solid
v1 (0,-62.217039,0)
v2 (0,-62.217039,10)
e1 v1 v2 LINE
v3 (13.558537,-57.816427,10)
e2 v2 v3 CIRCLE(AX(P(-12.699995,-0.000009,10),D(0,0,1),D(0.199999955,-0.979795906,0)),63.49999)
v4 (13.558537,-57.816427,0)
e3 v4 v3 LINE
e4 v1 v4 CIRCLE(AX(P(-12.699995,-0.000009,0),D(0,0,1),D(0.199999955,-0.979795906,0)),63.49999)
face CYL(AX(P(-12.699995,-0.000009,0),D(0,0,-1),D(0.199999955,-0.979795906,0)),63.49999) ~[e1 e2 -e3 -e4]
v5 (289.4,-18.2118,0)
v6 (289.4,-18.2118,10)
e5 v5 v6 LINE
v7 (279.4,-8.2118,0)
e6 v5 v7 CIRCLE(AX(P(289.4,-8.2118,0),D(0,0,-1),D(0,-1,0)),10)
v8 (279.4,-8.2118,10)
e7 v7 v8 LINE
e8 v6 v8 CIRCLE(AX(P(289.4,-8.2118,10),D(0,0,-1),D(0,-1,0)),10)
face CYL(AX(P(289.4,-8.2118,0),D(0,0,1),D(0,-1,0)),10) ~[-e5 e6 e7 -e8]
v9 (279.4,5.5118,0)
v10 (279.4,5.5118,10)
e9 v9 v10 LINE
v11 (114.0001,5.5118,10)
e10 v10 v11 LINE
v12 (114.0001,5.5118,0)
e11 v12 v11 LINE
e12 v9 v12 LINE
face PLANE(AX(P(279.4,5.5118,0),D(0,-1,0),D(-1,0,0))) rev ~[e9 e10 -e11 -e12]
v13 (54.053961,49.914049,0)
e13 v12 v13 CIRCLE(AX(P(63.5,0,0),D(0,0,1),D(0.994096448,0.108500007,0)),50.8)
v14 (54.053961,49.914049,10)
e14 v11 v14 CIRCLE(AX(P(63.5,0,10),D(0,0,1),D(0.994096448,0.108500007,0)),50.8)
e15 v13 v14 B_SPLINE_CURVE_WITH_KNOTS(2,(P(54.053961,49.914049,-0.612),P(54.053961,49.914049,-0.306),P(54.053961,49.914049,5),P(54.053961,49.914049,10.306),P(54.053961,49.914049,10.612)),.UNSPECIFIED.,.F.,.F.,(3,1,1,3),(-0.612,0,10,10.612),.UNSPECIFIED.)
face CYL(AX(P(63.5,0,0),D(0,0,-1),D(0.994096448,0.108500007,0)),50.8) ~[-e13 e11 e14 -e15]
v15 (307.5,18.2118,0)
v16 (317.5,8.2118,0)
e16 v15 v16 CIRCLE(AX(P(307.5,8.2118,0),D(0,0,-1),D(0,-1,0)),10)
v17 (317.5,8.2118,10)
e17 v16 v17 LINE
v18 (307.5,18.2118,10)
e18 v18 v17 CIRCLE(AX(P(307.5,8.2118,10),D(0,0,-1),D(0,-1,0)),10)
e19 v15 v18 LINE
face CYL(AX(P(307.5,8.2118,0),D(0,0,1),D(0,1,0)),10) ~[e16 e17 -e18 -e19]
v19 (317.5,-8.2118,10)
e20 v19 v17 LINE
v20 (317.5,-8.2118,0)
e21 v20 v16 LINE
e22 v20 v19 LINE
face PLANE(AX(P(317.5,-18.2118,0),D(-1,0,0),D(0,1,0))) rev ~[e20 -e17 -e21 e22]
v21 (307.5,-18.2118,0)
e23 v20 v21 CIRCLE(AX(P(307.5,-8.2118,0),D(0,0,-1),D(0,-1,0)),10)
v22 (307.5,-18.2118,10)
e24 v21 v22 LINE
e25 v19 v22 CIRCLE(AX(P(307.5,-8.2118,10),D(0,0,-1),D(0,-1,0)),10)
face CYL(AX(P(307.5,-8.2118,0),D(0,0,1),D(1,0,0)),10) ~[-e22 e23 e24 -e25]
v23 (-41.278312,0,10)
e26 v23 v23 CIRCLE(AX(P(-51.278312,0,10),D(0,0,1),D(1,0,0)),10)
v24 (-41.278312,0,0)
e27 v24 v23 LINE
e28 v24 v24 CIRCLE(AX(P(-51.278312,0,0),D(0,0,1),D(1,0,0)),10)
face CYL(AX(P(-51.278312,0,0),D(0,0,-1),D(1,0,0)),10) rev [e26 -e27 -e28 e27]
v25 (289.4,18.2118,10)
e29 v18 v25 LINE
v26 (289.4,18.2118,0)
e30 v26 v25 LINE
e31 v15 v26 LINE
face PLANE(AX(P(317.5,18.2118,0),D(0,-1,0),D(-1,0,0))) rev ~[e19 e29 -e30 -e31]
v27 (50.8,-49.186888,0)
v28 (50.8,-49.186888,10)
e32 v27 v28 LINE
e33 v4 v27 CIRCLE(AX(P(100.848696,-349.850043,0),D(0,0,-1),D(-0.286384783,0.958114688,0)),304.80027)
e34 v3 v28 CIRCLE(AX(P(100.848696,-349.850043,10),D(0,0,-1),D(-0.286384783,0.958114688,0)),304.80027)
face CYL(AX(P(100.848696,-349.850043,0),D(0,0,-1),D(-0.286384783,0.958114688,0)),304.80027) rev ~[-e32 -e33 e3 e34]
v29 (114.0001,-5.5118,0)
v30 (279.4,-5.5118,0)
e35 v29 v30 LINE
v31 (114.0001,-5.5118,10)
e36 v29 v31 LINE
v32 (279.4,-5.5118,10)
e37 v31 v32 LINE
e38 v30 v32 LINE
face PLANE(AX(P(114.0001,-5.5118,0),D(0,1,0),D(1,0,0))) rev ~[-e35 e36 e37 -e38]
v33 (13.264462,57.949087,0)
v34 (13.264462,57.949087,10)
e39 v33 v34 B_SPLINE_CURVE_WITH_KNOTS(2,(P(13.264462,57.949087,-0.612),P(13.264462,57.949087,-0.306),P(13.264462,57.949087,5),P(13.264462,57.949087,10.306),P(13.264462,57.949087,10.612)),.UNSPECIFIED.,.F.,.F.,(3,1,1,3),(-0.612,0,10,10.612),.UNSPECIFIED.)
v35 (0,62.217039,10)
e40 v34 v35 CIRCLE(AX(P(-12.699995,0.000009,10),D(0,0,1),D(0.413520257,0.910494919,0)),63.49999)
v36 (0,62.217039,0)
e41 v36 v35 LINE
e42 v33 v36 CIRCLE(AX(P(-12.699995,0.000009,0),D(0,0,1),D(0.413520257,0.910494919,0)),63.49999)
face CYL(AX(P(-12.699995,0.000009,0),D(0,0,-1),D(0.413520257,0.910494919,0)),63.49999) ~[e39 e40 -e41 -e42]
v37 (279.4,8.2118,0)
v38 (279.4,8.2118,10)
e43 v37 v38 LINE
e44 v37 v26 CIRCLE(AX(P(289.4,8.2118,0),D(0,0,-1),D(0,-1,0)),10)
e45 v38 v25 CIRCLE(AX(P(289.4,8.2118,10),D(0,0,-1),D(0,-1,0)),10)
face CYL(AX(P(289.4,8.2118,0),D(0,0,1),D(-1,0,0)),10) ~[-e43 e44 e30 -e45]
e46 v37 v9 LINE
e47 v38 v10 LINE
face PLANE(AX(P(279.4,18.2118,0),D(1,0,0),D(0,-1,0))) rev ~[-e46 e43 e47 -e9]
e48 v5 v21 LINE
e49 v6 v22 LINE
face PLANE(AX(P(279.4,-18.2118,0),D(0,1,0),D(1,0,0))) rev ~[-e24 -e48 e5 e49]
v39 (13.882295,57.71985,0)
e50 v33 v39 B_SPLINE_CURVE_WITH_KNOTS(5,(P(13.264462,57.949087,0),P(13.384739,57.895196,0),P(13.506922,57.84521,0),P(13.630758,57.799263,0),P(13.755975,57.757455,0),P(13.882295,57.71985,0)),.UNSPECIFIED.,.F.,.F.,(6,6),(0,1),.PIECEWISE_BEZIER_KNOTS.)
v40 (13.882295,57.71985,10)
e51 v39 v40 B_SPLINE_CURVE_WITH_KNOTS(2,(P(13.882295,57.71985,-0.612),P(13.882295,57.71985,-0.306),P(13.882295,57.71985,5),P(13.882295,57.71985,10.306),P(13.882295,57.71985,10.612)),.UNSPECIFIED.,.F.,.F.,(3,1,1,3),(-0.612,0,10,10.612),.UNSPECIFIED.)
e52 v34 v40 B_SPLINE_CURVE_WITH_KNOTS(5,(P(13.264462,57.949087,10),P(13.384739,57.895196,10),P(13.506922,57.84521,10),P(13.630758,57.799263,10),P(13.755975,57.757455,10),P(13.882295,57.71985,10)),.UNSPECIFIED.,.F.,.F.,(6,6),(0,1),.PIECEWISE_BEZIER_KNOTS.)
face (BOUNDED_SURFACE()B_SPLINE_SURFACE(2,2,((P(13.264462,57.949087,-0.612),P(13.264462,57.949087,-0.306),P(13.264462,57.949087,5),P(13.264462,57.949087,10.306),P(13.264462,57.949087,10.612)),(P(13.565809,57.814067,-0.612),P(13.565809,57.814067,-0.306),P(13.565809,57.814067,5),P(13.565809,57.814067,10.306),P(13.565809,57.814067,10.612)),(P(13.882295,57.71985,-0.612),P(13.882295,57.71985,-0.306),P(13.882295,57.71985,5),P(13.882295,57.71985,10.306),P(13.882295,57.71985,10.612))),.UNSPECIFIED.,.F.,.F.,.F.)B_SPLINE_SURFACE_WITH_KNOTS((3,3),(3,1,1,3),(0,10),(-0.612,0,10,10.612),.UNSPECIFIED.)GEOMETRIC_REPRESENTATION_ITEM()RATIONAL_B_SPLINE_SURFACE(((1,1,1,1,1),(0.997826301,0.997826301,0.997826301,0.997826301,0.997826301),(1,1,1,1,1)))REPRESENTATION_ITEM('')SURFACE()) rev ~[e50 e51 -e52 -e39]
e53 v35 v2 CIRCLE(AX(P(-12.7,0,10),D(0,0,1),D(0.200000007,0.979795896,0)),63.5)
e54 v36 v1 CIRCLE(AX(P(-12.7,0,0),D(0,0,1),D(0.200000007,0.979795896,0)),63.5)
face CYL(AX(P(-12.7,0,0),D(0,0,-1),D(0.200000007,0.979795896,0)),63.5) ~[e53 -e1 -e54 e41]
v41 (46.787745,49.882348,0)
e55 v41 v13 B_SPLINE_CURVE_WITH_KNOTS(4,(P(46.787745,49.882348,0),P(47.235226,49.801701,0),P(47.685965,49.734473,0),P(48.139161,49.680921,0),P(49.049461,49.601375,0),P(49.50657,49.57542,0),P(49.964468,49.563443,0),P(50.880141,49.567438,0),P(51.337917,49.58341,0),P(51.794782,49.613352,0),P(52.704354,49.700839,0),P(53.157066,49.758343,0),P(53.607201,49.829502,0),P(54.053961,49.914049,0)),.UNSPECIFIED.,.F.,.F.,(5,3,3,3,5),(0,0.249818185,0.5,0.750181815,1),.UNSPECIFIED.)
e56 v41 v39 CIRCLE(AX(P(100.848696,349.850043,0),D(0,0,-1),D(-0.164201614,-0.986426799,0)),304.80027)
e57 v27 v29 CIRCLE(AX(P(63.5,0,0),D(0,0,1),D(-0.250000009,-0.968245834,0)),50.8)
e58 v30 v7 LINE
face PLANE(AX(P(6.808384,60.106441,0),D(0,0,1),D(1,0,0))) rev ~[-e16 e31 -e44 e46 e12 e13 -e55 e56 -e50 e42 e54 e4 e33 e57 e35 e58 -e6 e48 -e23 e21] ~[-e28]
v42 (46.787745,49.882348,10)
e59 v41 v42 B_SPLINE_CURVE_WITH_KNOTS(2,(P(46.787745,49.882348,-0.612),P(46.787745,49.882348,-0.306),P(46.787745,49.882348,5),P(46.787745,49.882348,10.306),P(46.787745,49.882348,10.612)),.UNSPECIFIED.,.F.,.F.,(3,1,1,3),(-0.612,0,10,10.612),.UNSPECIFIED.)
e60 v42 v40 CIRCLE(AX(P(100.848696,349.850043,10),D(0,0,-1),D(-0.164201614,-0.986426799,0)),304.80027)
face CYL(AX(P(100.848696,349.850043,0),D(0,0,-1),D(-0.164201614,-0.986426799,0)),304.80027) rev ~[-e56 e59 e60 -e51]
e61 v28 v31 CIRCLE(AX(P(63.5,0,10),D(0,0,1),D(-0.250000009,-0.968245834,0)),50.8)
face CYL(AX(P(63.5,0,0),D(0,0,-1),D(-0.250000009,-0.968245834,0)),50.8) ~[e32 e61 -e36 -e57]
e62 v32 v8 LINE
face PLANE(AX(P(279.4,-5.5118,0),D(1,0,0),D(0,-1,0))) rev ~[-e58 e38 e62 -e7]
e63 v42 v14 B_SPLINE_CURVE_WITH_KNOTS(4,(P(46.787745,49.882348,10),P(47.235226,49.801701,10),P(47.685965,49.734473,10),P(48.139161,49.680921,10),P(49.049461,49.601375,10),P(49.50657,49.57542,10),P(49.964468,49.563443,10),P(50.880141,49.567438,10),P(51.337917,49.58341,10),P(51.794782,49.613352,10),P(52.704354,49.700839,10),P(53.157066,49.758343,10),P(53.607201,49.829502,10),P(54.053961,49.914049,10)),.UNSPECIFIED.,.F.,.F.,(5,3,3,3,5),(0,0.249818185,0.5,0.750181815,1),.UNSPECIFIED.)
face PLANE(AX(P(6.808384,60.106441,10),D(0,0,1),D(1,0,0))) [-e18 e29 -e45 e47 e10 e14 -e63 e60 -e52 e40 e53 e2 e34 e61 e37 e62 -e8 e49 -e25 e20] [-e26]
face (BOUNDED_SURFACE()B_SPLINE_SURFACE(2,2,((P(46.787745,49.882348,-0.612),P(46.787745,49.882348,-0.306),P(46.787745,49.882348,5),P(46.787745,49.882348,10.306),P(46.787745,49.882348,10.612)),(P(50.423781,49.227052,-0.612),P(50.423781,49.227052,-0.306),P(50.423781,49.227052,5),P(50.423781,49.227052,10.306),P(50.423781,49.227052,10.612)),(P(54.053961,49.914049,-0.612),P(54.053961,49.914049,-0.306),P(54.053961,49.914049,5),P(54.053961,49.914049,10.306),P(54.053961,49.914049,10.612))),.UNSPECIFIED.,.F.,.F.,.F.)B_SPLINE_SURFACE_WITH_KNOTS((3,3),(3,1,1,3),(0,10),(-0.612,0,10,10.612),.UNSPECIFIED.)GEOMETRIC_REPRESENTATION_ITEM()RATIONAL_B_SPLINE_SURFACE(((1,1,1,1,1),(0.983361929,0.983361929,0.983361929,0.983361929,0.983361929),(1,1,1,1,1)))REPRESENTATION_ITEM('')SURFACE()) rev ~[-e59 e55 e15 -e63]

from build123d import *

# Parameters (mm, degrees)
F0_R     = 10
F1_DEPTH = 10
F2_R     = 5
F3_R     = 20
F4_R     = 10
F5_R     = 10


with BuildPart() as f1:
    # F0 (on Top) → F1 (new body)
    with BuildSketch(Plane.XY):
        with BuildLine():
            ThreePointArc((0, 62.217039), (6.753539, 59.93746), (13.558537, 57.816427))
            ThreePointArc((13.558537, 57.816427), (6.903144, 60.3984), (0, 62.217039))
        make_face()
        with BuildLine():
            ThreePointArc((50.8, 49.186888), (32.043845, 52.917227), (13.558537, 57.816427))
            ThreePointArc((13.558537, 57.816427), (6.753539, 59.93746), (0, 62.217039))
            ThreePointArc((0, 62.217039), (-76.2, 0), (0, -62.217039))
            ThreePointArc((0, -62.217039), (6.753539, -59.93746), (13.558537, -57.816427))
            ThreePointArc((13.558537, -57.816427), (32.043845, -52.917227), (50.8, -49.186888))
            ThreePointArc((50.8, -49.186888), (92.38062, -41.791743), (114.0001, -5.5118))
            ThreePointArc((114.0001, -5.5118), (114.3, 0), (114.0001, 5.5118))
            ThreePointArc((114.0001, 5.5118), (92.38062, 41.791743), (50.8, 49.186888))
        make_face()
        with Locations((-51.278312, 0)):
            Circle(F0_R, mode=Mode.SUBTRACT)
        with BuildLine():
            ThreePointArc((13.558537, -57.816427), (6.753539, -59.93746), (0, -62.217039))
            ThreePointArc((0, -62.217039), (6.903144, -60.3984), (13.558537, -57.816427))
        make_face()
        with BuildLine():
            Line((279.4, 5.5118), (114.0001, 5.5118))
            ThreePointArc((114.0001, 5.5118), (114.3, 0), (114.0001, -5.5118))
            Line((114.0001, -5.5118), (279.4, -5.5118))
            Line((279.4, -5.5118), (279.4, 0))
            Line((279.4, 0), (279.4, 5.5118))
        make_face()
        Polygon((279.4, 18.2118), (279.4, 5.5118), (279.4, 0), (279.4, -5.5118), (279.4, -18.2118), (317.5, -18.2118), (317.5, 18.2118), align=None)
    extrude(amount=F1_DEPTH)

    # F2
    f2_edges = [f1.edges().sort_by_distance(p)[0] for p in [
        (13.558537, 57.816427, 5),
    ]]
    fillet(f2_edges, radius=F2_R)

    # F3
    f3_edges = [f1.edges().sort_by_distance(p)[0] for p in [
        (50.8, 49.186888, 5),
    ]]
    fillet(f3_edges, radius=F3_R)

    # F4
    f4_edges = [f1.edges().sort_by_distance(p)[0] for p in [
        (317.5, 18.2118, 5),
        (279.4, 18.2118, 5),
    ]]
    fillet(f4_edges, radius=F4_R)

    # F5
    f5_edges = [f1.edges().sort_by_distance(p)[0] for p in [
        (317.5, -18.2118, 5),
        (279.4, -18.2118, 5),
    ]]
    fillet(f5_edges, radius=F5_R)


solid = f1.part
